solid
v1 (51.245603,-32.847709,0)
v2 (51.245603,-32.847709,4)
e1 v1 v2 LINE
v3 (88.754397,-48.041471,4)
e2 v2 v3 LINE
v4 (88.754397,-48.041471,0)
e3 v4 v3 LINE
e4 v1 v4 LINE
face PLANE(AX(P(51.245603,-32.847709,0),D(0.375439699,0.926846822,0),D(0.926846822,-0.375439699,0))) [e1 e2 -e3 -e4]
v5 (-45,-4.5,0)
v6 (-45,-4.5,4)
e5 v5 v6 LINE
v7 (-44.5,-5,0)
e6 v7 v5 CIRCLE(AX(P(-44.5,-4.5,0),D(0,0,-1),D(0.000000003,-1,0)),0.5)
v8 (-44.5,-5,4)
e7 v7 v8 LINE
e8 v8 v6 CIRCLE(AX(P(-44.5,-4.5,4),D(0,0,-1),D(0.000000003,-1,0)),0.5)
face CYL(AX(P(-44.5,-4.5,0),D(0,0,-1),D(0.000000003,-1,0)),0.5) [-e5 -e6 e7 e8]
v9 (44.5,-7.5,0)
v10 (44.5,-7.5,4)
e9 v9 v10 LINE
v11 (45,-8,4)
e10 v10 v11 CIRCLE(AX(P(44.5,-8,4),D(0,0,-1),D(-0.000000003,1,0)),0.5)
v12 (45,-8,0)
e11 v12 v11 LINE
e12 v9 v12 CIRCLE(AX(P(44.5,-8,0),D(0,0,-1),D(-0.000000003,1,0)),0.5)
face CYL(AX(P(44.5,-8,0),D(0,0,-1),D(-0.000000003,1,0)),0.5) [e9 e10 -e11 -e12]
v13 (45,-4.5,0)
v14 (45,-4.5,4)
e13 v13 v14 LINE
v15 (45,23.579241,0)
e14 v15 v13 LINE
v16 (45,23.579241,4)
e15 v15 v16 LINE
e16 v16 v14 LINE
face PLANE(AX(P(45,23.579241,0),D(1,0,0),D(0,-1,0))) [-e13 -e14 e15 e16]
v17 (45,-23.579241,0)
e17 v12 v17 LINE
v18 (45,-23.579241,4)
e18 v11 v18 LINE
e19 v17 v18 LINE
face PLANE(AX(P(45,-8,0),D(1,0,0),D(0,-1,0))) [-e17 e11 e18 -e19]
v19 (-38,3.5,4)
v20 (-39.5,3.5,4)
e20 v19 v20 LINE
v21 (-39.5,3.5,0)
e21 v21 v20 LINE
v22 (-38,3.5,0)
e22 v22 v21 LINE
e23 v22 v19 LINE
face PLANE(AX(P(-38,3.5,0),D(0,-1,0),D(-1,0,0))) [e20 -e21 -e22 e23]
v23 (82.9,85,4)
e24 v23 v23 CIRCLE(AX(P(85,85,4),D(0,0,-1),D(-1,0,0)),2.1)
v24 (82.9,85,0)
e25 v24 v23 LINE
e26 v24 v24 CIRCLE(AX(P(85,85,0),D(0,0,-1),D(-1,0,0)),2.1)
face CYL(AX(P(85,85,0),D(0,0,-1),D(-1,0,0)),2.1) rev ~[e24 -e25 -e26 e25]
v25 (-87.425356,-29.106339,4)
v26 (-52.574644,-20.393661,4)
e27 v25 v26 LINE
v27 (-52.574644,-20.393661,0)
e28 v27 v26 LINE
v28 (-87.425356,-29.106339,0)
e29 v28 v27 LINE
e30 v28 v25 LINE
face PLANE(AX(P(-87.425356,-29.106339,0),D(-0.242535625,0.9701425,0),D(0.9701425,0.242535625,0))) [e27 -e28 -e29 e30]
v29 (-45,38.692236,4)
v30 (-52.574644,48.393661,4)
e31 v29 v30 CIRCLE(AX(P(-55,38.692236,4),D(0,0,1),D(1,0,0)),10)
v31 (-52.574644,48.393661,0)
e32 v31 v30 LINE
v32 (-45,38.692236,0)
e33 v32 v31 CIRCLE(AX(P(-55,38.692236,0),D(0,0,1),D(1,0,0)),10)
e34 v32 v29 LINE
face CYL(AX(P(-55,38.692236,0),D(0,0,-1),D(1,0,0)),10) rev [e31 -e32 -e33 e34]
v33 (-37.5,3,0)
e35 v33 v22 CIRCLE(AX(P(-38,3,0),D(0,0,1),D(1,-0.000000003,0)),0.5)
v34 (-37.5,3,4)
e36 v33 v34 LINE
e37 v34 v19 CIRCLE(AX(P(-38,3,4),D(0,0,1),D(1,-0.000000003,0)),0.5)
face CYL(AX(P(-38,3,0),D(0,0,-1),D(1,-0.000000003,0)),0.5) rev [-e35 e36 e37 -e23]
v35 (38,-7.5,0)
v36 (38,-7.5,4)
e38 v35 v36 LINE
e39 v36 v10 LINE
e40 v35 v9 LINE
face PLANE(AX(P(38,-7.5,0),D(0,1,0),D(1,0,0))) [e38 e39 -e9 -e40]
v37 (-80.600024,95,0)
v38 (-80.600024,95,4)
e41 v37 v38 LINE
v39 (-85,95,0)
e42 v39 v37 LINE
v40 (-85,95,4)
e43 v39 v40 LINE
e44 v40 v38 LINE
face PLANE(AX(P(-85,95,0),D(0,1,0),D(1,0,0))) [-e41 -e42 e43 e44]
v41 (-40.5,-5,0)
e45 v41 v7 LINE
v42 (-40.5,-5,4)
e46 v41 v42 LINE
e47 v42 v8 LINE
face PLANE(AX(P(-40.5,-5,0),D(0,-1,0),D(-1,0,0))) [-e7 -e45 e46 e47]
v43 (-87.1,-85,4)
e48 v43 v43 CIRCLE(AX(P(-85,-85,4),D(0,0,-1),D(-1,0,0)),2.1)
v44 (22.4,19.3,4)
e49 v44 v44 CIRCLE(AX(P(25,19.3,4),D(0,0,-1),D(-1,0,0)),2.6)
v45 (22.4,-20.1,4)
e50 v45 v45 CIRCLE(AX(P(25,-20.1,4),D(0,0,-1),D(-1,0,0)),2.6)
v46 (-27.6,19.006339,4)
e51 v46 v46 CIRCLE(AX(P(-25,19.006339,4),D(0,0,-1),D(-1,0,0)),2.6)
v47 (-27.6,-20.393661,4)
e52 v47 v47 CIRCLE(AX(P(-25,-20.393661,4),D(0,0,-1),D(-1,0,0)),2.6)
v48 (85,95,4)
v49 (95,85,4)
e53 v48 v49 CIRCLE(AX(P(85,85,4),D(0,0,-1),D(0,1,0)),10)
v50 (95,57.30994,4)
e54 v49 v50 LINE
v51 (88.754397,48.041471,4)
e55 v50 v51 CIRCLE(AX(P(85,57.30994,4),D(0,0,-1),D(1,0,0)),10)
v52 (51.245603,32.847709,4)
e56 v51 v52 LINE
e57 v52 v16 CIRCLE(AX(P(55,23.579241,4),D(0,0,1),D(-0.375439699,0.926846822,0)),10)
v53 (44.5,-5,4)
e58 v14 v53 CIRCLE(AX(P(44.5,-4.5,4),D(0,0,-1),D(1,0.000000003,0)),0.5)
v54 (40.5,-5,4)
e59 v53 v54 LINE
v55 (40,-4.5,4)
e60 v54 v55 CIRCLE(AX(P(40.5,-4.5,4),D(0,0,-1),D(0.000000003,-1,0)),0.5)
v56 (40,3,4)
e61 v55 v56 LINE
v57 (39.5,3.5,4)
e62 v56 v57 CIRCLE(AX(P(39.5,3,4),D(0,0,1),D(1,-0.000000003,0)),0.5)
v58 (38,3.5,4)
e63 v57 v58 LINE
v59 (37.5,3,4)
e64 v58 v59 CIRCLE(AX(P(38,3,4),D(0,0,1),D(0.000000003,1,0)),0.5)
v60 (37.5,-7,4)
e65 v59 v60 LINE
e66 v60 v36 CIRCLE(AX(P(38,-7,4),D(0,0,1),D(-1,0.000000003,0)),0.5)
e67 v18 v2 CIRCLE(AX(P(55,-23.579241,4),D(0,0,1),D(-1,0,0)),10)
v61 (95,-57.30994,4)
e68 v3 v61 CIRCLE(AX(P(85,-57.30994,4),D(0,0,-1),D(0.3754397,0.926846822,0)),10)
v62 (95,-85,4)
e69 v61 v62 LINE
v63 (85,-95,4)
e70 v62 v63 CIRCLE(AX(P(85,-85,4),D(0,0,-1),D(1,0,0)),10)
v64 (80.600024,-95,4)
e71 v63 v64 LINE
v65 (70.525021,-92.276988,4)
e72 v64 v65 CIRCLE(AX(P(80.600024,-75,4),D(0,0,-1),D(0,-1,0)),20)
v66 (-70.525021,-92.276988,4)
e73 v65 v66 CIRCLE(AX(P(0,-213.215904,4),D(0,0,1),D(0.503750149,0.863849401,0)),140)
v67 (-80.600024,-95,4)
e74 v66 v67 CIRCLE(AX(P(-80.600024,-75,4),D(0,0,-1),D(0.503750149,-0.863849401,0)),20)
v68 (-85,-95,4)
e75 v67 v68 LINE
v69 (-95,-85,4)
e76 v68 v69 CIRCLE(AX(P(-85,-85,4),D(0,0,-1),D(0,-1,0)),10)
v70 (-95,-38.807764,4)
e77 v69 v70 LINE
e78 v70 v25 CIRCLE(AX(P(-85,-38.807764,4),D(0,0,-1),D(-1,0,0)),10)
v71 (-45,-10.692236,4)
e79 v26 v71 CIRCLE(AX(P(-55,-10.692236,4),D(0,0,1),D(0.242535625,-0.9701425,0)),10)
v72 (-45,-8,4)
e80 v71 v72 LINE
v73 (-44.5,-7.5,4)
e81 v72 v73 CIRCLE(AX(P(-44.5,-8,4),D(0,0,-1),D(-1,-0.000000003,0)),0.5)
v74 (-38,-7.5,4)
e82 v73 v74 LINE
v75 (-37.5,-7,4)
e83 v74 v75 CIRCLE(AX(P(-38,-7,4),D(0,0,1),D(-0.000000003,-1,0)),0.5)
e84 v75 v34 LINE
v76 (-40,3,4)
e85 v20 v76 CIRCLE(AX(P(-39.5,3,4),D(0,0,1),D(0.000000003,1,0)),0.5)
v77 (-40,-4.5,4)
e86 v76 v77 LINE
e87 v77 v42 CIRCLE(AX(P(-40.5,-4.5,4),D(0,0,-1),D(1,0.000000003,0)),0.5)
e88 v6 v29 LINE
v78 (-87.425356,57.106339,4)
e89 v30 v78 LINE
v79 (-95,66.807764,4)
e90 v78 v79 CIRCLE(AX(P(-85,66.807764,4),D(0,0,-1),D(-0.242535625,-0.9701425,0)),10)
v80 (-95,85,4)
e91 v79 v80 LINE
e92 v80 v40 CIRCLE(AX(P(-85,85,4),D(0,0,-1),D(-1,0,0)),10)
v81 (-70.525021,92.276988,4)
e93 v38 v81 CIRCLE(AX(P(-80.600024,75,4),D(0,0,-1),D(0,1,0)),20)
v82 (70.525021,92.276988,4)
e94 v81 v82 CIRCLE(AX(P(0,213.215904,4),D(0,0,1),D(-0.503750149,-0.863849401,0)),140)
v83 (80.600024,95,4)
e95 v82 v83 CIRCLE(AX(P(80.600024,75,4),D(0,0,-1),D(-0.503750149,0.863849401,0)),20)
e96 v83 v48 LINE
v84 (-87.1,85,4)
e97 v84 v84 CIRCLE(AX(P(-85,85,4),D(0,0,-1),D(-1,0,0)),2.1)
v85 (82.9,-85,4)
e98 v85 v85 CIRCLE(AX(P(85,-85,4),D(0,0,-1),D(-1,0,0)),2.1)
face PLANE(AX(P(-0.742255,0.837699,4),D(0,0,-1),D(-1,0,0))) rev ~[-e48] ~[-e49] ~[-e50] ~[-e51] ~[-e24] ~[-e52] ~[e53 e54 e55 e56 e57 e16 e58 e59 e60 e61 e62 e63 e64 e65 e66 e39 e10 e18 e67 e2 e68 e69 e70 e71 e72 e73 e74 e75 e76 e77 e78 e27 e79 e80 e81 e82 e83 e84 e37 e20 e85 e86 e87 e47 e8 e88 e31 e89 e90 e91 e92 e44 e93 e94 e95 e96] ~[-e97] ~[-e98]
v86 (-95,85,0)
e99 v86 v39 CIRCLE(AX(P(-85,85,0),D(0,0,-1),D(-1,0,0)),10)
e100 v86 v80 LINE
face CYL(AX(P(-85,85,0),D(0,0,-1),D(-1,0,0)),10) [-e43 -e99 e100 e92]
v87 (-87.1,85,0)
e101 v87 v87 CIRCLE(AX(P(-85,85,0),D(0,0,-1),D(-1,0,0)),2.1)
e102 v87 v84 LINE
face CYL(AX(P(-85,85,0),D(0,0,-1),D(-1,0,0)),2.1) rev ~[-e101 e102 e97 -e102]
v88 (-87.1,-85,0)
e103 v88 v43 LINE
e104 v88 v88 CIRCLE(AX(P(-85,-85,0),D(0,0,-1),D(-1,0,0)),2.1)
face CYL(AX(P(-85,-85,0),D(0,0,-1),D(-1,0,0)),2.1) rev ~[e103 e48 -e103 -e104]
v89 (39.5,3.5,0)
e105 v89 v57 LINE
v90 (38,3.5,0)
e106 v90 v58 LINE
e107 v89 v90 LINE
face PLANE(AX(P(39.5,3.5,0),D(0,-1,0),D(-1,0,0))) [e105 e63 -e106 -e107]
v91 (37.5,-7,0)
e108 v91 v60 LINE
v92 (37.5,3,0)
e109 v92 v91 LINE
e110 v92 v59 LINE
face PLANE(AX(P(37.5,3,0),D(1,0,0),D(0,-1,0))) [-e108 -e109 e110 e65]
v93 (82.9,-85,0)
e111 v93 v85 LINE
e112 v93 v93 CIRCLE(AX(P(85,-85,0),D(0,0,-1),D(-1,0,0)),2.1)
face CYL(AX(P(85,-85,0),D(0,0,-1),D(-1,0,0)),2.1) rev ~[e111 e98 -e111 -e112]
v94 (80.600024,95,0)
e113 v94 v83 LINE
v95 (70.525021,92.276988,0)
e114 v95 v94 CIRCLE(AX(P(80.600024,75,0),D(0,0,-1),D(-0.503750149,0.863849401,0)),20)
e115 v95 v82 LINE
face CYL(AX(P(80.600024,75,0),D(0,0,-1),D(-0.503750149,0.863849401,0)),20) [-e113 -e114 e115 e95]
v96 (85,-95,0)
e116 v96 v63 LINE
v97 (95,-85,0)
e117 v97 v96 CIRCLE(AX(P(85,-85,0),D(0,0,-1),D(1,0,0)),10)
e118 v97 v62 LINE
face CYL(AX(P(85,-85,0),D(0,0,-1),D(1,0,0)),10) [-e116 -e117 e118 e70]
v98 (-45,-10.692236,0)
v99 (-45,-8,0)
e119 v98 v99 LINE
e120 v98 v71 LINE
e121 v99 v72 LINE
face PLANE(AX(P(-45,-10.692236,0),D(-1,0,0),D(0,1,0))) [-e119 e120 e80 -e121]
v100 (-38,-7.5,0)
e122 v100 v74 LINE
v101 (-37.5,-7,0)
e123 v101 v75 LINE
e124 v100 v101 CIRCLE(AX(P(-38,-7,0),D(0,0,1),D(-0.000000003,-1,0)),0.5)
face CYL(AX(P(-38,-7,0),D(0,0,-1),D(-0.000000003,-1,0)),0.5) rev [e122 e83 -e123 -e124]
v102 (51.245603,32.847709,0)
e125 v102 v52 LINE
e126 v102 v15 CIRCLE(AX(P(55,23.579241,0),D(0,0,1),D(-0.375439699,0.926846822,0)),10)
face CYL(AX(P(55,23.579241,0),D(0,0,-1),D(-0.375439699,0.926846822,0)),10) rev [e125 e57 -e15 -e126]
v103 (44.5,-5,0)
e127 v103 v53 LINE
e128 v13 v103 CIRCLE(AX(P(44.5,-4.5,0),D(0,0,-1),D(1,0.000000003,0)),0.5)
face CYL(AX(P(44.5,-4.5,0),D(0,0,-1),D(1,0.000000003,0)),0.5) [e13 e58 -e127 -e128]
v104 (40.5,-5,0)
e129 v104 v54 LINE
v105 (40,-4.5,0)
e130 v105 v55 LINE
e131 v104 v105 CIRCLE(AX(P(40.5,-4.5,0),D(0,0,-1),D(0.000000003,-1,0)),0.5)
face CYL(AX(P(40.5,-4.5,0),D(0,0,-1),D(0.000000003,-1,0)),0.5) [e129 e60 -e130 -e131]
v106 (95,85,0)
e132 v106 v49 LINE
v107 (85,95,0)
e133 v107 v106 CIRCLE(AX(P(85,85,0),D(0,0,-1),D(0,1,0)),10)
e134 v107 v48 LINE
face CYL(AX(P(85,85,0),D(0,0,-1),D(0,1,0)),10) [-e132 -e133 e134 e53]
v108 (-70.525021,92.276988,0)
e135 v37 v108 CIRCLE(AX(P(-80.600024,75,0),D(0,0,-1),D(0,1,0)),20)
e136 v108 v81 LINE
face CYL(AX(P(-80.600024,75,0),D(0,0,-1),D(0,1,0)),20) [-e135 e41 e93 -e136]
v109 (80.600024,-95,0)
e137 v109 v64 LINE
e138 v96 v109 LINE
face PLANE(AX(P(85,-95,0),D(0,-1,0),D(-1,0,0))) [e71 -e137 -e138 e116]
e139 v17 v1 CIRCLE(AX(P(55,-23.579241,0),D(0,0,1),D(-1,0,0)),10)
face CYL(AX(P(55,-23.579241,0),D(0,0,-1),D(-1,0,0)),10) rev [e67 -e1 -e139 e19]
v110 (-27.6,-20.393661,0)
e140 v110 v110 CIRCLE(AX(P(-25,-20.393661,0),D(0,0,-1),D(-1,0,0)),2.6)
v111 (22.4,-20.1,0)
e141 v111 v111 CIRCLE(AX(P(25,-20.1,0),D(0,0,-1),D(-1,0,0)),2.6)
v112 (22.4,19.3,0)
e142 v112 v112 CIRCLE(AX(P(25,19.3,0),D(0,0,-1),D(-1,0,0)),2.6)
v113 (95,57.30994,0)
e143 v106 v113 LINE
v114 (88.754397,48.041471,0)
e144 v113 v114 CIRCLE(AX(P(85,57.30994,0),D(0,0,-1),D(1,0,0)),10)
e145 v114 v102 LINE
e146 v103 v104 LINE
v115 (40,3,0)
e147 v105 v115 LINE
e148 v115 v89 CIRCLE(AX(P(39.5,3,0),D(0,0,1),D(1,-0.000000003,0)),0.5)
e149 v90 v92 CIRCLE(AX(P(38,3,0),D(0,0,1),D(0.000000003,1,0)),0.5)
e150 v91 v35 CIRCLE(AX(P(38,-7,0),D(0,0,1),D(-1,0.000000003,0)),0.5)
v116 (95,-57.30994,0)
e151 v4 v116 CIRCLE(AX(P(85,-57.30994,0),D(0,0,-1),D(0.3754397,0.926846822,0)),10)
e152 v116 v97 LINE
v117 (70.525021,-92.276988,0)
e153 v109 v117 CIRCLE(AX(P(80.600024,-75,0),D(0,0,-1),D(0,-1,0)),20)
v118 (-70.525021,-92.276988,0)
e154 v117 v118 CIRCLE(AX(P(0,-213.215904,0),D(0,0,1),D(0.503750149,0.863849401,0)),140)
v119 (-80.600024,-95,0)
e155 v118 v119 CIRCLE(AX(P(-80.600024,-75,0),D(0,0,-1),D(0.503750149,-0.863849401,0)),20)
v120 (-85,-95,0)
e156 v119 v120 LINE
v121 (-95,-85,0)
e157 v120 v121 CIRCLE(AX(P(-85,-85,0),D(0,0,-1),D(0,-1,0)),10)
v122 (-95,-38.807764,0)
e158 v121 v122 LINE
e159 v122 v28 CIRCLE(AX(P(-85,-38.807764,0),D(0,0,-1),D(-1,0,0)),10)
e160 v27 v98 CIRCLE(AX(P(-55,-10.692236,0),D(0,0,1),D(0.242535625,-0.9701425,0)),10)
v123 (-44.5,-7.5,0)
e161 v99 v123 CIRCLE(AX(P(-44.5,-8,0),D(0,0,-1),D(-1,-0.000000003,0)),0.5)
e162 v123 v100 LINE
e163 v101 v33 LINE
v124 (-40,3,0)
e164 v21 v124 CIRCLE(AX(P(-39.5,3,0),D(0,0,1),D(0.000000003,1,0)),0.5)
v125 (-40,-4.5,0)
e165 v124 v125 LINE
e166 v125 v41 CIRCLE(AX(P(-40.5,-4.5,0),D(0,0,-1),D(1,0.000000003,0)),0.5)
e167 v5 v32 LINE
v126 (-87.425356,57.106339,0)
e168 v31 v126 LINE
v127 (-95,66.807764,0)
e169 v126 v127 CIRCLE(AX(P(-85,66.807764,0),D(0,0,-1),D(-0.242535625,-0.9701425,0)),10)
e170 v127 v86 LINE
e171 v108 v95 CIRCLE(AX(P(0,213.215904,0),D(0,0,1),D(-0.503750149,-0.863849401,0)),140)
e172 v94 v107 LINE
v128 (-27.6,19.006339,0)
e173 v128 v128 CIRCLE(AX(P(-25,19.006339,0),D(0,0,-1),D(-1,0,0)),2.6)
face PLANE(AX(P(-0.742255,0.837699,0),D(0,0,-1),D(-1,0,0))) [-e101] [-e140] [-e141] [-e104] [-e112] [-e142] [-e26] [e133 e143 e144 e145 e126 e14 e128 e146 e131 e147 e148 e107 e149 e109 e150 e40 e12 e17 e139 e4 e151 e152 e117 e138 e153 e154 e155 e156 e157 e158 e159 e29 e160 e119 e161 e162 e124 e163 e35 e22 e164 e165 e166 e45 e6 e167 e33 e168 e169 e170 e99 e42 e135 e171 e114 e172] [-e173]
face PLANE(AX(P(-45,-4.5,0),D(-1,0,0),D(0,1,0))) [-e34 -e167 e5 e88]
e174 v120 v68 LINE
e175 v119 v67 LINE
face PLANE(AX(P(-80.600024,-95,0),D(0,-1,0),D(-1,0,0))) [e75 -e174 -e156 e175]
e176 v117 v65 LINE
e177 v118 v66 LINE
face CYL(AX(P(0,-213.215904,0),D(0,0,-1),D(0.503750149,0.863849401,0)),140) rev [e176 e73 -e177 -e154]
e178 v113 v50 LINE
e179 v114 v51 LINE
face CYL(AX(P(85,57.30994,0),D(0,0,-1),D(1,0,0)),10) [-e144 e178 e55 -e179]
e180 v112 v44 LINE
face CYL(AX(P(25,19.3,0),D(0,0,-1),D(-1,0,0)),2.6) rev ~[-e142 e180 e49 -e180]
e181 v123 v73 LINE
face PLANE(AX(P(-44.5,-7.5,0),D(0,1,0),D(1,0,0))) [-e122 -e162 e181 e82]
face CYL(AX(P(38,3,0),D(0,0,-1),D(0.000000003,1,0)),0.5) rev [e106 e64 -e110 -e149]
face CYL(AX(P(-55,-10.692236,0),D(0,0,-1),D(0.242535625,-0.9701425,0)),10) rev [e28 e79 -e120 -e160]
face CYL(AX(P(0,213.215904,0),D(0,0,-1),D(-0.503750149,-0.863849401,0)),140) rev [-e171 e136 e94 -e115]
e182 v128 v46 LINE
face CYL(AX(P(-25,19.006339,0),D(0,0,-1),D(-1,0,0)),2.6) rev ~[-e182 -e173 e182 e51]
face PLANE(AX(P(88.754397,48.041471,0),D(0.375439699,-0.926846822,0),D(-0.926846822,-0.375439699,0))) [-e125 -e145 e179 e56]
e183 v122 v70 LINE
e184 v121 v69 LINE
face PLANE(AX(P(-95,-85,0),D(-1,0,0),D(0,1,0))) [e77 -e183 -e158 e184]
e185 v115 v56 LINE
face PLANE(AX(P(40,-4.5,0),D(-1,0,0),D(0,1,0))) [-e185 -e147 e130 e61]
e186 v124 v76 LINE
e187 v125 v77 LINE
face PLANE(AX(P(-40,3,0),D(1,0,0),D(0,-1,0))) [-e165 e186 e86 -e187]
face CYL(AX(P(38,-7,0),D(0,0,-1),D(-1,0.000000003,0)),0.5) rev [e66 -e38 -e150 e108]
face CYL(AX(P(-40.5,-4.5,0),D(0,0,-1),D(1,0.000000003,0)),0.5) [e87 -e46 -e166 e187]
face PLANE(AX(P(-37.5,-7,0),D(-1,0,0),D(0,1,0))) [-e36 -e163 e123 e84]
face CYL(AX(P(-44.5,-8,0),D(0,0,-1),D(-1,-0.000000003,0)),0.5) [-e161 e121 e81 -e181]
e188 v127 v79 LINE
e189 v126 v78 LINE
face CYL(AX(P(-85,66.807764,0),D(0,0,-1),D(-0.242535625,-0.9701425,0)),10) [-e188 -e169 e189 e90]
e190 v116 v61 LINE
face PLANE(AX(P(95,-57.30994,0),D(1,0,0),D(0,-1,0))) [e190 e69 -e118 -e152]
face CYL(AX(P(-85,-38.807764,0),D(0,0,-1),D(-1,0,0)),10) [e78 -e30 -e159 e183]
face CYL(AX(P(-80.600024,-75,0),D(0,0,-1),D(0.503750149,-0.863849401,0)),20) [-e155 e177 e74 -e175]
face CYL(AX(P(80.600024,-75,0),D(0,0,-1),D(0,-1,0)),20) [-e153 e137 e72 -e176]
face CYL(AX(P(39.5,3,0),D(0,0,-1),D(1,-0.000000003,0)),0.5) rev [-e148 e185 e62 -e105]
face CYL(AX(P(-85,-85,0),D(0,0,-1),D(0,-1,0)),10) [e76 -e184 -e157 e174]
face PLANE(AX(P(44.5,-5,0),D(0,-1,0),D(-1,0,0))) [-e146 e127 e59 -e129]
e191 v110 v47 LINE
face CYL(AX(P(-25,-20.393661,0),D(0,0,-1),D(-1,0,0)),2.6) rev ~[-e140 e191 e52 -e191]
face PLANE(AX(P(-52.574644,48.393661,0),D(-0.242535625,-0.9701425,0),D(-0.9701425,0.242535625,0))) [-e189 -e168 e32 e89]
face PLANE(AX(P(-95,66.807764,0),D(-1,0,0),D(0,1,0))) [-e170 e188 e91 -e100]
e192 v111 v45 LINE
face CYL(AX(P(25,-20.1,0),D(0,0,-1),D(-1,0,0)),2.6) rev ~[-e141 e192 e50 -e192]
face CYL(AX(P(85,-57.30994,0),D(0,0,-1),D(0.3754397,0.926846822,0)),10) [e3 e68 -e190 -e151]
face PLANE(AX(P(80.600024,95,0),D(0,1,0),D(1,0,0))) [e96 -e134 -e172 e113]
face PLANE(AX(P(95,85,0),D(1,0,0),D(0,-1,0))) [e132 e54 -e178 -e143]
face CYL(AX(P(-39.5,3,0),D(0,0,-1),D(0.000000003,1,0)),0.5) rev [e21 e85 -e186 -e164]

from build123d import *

# Parameters (mm, degrees)
SKETCH1_R           = 2.1
SKETCH1_R_2         = 2.6
BOSS_EXTRUDE1_DEPTH = 4


with BuildPart() as part:
    # Sketch1 → Boss-Extrude1 (new body)
    with BuildSketch(Plane(origin=(0, 0, 0), x_dir=(-1, 0, 0), z_dir=(0, 0, -1))):
        with BuildLine():
            Line((87.42535625, -29.106339063), (52.57464375, -20.393660937))
            ThreePointArc((52.57464375, -20.393660937), (47.11794562, -16.84635803), (45, -10.692235936))
            Line((45, -10.692235936), (45, -8))
            ThreePointArc((45, -8), (44.853553391, -7.646446609), (44.5, -7.5))
            Line((44.5, -7.5), (38, -7.5))
            ThreePointArc((38, -7.5), (37.646446609, -7.353553391), (37.5, -7))
            Line((37.5, -7), (37.5, 3))
            ThreePointArc((37.5, 3), (37.646446609, 3.353553391), (38, 3.5))
            Line((38, 3.5), (39.5, 3.5))
            ThreePointArc((39.5, 3.5), (39.853553391, 3.353553391), (40, 3))
            Line((40, 3), (40, -4.5))
            ThreePointArc((40, -4.5), (40.146446609, -4.853553391), (40.5, -5))
            Line((40.5, -5), (44.5, -5))
            ThreePointArc((44.5, -5), (44.853553391, -4.853553391), (45, -4.5))
            Line((45, -4.5), (45, 38.692235936))
            ThreePointArc((45, 38.692235936), (47.11794562, 44.84635803), (52.57464375, 48.393660937))
            Line((52.57464375, 48.393660937), (87.42535625, 57.106339063))
            ThreePointArc((87.42535625, 57.106339063), (92.88205438, 60.65364197), (95, 66.807764064))
            Line((95, 66.807764064), (95, 85))
            ThreePointArc((95, 85), (92.071067812, 92.071067812), (85, 95))
            Line((85, 95), (80.600023778, 95))
            ThreePointArc((80.600023778, 95), (75.38177505, 94.307249421), (70.525020806, 92.276988022))
            ThreePointArc((70.525020806, 92.276988022), (0, 73.215904175), (-70.525020806, 92.276988022))
            ThreePointArc((-70.525020806, 92.276988022), (-75.38177505, 94.307249421), (-80.600023778, 95))
            Line((-80.600023778, 95), (-85, 95))
            ThreePointArc((-85, 95), (-92.071067812, 92.071067812), (-95, 85))
            Line((-95, 85), (-95, 57.30993956))
            ThreePointArc((-95, 57.30993956), (-93.292887614, 51.721736358), (-88.754396995, 48.041471336))
            Line((-88.754396995, 48.041471336), (-51.245603005, 32.847708996))
            ThreePointArc((-51.245603005, 32.847708996), (-46.707112386, 29.167443975), (-45, 23.579240773))
            Line((-45, 23.579240773), (-45, -4.5))
            ThreePointArc((-45, -4.5), (-44.853553391, -4.853553391), (-44.5, -5))
            Line((-44.5, -5), (-40.5, -5))
            ThreePointArc((-40.5, -5), (-40.146446609, -4.853553391), (-40, -4.5))
            Line((-40, -4.5), (-40, 3))
            ThreePointArc((-40, 3), (-39.853553391, 3.353553391), (-39.5, 3.5))
            Line((-39.5, 3.5), (-38, 3.5))
            ThreePointArc((-38, 3.5), (-37.646446609, 3.353553391), (-37.5, 3))
            Line((-37.5, 3), (-37.5, -7))
            ThreePointArc((-37.5, -7), (-37.646446609, -7.353553391), (-38, -7.5))
            Line((-38, -7.5), (-44.5, -7.5))
            ThreePointArc((-44.5, -7.5), (-44.853553391, -7.646446609), (-45, -8))
            Line((-45, -8), (-45, -23.579240773))
            ThreePointArc((-45, -23.579240773), (-46.707112386, -29.167443975), (-51.245603005, -32.847708996))
            Line((-51.245603005, -32.847708996), (-88.754396995, -48.041471336))
            ThreePointArc((-88.754396995, -48.041471336), (-93.292887614, -51.721736358), (-95, -57.30993956))
            Line((-95, -57.30993956), (-95, -85))
            ThreePointArc((-95, -85), (-92.071067812, -92.071067812), (-85, -95))
            Line((-85, -95), (-80.600023778, -95))
            ThreePointArc((-80.600023778, -95), (-75.38177505, -94.307249421), (-70.525020806, -92.276988022))
            ThreePointArc((-70.525020806, -92.276988022), (0, -73.215904175), (70.525020806, -92.276988022))
            ThreePointArc((70.525020806, -92.276988022), (75.38177505, -94.307249421), (80.600023778, -95))
            Line((80.600023778, -95), (85, -95))
            ThreePointArc((85, -95), (92.071067812, -92.071067812), (95, -85))
            Line((95, -85), (95, -38.807764064))
            ThreePointArc((95, -38.807764064), (92.88205438, -32.65364197), (87.42535625, -29.106339063))
        make_face()
        with Locations((-85, -85)):
            Circle(SKETCH1_R, mode=Mode.SUBTRACT)
        with Locations((-85, 85)):
            Circle(SKETCH1_R, mode=Mode.SUBTRACT)
        with Locations((85, 85)):
            Circle(SKETCH1_R, mode=Mode.SUBTRACT)
        with Locations((85, -85)):
            Circle(SKETCH1_R, mode=Mode.SUBTRACT)
        with Locations((25, 19.006339063)):
            Circle(SKETCH1_R_2, mode=Mode.SUBTRACT)
        with Locations((25, -20.393660937)):
            Circle(SKETCH1_R_2, mode=Mode.SUBTRACT)
        with Locations((-25, -20.1)):
            Circle(SKETCH1_R_2, mode=Mode.SUBTRACT)
        with Locations((-25, 19.3)):
            Circle(SKETCH1_R_2, mode=Mode.SUBTRACT)
    extrude(amount=-BOSS_EXTRUDE1_DEPTH)


solid = part.part
